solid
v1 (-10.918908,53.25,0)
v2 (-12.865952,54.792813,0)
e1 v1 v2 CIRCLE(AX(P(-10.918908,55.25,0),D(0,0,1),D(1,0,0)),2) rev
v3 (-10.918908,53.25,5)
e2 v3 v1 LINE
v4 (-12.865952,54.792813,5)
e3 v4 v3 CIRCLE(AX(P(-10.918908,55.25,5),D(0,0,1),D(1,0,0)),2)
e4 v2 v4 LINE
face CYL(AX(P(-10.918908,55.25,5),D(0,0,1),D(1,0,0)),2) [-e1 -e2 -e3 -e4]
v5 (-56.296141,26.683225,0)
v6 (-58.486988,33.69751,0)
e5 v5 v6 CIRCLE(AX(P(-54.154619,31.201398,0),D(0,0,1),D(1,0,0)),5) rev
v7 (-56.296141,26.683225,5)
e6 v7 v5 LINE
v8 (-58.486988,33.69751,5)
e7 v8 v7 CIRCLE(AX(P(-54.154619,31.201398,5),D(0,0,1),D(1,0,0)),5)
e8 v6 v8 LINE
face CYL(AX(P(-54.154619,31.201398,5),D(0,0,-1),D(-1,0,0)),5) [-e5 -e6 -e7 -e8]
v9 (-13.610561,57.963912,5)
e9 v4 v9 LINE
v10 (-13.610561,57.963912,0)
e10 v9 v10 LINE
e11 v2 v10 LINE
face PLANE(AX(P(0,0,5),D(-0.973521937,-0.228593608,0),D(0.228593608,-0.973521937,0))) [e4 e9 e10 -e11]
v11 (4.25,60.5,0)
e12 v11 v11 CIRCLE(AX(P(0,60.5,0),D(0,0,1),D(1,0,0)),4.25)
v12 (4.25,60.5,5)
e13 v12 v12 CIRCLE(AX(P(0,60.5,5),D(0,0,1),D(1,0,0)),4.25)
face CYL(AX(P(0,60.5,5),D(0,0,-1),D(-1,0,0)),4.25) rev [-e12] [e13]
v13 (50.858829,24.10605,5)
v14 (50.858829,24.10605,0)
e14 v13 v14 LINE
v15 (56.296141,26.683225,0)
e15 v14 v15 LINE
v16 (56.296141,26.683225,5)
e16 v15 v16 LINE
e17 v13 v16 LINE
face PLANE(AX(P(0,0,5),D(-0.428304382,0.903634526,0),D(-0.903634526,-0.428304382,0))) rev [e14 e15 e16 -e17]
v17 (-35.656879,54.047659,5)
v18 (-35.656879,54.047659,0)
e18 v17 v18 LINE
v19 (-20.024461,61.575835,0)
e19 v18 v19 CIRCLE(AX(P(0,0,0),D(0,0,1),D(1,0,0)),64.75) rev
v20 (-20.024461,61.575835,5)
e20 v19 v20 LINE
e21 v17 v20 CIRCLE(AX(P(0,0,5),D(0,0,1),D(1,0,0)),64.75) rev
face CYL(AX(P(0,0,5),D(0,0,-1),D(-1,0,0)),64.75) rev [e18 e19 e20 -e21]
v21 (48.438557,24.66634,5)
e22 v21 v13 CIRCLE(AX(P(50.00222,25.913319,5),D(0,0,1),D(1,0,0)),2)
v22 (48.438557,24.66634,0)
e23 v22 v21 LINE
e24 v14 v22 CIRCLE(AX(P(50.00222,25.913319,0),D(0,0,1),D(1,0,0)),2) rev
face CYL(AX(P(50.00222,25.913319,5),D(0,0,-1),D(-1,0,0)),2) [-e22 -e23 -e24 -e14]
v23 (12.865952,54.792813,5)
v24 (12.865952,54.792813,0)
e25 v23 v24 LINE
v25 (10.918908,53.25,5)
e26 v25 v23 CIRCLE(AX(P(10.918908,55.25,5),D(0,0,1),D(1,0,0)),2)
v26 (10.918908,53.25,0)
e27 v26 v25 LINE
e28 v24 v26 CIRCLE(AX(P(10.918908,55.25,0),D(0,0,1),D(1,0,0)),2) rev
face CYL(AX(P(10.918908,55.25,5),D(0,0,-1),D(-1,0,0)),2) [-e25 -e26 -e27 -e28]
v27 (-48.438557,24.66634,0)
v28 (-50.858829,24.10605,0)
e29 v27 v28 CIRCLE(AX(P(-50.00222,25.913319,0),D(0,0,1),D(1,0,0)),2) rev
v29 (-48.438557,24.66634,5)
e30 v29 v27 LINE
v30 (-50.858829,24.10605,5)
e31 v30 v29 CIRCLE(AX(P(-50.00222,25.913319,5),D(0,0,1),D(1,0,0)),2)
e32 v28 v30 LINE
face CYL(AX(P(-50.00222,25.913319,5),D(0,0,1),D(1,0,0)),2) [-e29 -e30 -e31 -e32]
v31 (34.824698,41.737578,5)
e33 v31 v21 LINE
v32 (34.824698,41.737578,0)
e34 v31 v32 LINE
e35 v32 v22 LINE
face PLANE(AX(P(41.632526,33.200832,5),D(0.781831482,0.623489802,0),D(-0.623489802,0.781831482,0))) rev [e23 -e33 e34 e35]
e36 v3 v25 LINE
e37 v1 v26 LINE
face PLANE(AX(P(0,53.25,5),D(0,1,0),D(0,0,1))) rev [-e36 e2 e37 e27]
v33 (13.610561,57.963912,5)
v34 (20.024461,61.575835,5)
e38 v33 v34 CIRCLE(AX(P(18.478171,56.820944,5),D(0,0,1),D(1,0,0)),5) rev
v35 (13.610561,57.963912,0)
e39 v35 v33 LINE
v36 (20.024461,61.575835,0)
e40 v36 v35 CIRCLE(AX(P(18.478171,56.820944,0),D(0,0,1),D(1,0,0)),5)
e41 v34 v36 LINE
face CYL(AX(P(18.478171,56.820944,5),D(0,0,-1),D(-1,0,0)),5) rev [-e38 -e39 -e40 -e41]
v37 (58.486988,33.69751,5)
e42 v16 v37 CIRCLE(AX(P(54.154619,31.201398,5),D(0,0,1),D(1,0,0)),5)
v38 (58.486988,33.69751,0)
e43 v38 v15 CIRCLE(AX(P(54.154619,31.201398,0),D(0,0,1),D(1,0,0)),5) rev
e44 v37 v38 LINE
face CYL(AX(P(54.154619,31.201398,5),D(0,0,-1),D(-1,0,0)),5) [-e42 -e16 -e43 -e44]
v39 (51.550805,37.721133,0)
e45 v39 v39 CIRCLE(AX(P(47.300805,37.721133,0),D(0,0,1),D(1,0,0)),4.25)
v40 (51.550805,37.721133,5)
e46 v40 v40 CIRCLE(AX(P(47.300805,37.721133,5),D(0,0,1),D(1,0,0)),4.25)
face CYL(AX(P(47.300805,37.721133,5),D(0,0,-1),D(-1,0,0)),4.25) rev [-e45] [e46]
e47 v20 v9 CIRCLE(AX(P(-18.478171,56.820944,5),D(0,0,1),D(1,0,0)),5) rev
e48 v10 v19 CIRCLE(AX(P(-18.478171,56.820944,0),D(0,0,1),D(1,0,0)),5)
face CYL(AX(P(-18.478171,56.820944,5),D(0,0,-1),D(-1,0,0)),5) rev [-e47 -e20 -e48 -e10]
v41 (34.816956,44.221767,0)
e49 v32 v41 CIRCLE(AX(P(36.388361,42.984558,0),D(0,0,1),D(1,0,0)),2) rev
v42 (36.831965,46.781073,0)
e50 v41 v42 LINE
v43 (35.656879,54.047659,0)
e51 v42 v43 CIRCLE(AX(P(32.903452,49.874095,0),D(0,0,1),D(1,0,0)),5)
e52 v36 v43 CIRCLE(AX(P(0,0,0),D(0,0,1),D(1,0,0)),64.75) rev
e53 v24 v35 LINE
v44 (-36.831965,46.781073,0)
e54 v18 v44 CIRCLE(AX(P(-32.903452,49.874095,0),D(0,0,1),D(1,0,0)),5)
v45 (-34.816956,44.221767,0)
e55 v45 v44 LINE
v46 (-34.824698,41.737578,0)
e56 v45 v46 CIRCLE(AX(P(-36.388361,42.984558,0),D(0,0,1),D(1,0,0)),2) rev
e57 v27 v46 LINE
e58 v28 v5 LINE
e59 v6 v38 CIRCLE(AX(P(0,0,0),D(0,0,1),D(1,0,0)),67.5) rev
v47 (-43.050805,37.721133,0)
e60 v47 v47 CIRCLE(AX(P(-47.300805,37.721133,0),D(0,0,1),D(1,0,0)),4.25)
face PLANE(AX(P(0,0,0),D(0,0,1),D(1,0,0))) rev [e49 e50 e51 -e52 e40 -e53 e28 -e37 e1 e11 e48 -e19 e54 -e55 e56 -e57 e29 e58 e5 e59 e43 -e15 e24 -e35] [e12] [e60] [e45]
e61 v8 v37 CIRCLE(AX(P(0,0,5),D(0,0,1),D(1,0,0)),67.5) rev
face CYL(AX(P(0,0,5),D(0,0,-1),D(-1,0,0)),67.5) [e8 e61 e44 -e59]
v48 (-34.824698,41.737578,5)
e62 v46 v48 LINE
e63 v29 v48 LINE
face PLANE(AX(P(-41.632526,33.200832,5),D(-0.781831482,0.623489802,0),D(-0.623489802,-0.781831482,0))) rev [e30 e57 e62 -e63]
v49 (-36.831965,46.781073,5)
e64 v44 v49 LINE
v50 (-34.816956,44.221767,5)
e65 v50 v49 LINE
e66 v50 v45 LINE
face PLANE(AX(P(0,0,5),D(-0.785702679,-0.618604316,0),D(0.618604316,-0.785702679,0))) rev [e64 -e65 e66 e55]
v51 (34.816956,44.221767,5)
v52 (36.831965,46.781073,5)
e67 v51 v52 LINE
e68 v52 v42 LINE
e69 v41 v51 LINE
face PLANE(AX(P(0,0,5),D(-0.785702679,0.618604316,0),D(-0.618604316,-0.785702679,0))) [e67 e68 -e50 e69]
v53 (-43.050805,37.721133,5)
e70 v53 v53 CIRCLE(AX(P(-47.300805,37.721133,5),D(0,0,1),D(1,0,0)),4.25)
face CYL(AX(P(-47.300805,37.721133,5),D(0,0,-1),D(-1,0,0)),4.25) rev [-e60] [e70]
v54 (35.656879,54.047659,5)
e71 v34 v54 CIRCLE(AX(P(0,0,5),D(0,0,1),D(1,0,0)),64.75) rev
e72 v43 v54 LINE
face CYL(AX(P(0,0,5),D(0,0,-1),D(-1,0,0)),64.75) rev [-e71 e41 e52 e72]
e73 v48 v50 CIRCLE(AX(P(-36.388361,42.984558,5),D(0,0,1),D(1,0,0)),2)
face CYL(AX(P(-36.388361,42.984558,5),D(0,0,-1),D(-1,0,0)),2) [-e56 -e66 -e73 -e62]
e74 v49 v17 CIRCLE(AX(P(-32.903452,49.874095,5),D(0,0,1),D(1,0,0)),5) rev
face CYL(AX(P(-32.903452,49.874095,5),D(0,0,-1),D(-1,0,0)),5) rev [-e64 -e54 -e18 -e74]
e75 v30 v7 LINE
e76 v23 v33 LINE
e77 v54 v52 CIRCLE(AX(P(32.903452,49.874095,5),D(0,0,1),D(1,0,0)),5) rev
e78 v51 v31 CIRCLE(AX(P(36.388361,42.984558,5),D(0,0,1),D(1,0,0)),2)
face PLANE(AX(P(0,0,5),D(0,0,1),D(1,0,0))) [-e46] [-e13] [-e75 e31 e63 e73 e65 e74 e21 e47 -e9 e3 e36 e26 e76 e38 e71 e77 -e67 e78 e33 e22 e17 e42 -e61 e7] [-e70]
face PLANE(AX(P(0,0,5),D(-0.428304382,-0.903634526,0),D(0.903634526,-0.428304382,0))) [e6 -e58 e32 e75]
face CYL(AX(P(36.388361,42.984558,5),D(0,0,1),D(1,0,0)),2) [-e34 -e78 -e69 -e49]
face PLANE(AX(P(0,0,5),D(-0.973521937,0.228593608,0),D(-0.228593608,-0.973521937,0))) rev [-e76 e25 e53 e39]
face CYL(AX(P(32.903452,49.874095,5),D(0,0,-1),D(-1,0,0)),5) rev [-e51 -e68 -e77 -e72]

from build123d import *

# Parameters (mm, degrees)
ESQUISSE2_R        = 4.25
BOSS_EXTRU_1_DEPTH = 5
CONG_1_R           = 5
CONG_2_R           = 2


with BuildPart() as part:
    # Esquisse2 → Boss.-Extru.1 (new body)
    with BuildSketch(Plane.XY):
        with BuildLine():
            Line((-41.632526167, 33.200832294), (-33.836607647, 42.976604913))
            Line((-33.836607647, 42.976604913), (-40.054629461, 50.874248484))
            Line((-40.054629461, 50.874248484), (-41.75579133, 53.034930852))
            ThreePointArc((-41.75579133, 53.034930852), (-52.772575719, 42.086877432), (-60.995330499, 28.91054578))
            Line((-60.995330499, 28.91054578), (-49.426698361, 23.427249496))
            Line((-49.426698361, 23.427249496), (-41.632526167, 33.200832294))
        make_face()
        with Locations((-47.300804689, 37.721133012)):
            Circle(ESQUISSE2_R, mode=Mode.SUBTRACT)
        with BuildLine():
            Line((-41.75579133, 53.034930852), (-40.054629461, 50.874248484))
            ThreePointArc((-40.054629461, 50.874248484), (-28.093972108, 58.337734197), (-14.801436125, 63.035545438))
            Line((-14.801436125, 63.035545438), (-15.430068548, 65.712730765))
            ThreePointArc((-15.430068548, 65.712730765), (-29.28715239, 60.815398583), (-41.75579133, 53.034930852))
        make_face()
        with BuildLine():
            Line((-14.801436125, 63.035545438), (-12.503682933, 53.25))
            Line((-12.503682933, 53.25), (0, 53.25))
            Line((0, 53.25), (12.503682933, 53.25))
            Line((12.503682933, 53.25), (14.801436125, 63.035545438))
            Line((14.801436125, 63.035545438), (15.430068548, 65.712730765))
            ThreePointArc((15.430068548, 65.712730765), (0, 67.5), (-15.430068548, 65.712730765))
            Line((-15.430068548, 65.712730765), (-14.801436125, 63.035545438))
        make_face()
        with Locations((0, 60.5)):
            Circle(ESQUISSE2_R, mode=Mode.SUBTRACT)
        with BuildLine():
            Line((15.430068548, 65.712730765), (14.801436125, 63.035545438))
            ThreePointArc((14.801436125, 63.035545438), (28.093972108, 58.337734197), (40.054629461, 50.874248484))
            Line((40.054629461, 50.874248484), (41.75579133, 53.034930852))
            ThreePointArc((41.75579133, 53.034930852), (29.28715239, 60.815398583), (15.430068548, 65.712730765))
        make_face()
        with BuildLine():
            Line((41.75579133, 53.034930852), (40.054629461, 50.874248484))
            Line((40.054629461, 50.874248484), (33.836607647, 42.976604913))
            Line((33.836607647, 42.976604913), (41.632526363, 33.200832047))
            Line((41.632526363, 33.200832047), (49.426698361, 23.427249496))
            Line((49.426698361, 23.427249496), (60.995330499, 28.91054578))
            ThreePointArc((60.995330499, 28.91054578), (52.772575719, 42.086877432), (41.75579133, 53.034930852))
        make_face()
        with Locations((47.300804689, 37.721133012)):
            Circle(ESQUISSE2_R, mode=Mode.SUBTRACT)
    extrude(amount=BOSS_EXTRU_1_DEPTH)

    # Congé1
    cong_1_edges = [part.edges().sort_by_distance(p)[0] for p in [
        (60.995330499, 28.91054578, 2.5),
        (40.054629461, 50.874248484, 2.5),
        (14.801436125, 63.035545438, 2.5),
        (-14.801436125, 63.035545438, 2.5),
        (-40.054629461, 50.874248484, 2.5),
        (-60.995330499, 28.91054578, 2.5),
    ]]
    fillet(cong_1_edges, radius=CONG_1_R)

    # Congé2
    cong_2_edges = [part.edges().sort_by_distance(p)[0] for p in [
        (49.426698361, 23.427249496, 2.5),
        (33.836607647, 42.976604913, 2.5),
        (12.503682933, 53.25, 2.5),
        (-12.503682933, 53.25, 2.5),
        (-33.836607647, 42.976604913, 2.5),
        (-49.426698361, 23.427249496, 2.5),
    ]]
    fillet(cong_2_edges, radius=CONG_2_R)


solid = part.part
